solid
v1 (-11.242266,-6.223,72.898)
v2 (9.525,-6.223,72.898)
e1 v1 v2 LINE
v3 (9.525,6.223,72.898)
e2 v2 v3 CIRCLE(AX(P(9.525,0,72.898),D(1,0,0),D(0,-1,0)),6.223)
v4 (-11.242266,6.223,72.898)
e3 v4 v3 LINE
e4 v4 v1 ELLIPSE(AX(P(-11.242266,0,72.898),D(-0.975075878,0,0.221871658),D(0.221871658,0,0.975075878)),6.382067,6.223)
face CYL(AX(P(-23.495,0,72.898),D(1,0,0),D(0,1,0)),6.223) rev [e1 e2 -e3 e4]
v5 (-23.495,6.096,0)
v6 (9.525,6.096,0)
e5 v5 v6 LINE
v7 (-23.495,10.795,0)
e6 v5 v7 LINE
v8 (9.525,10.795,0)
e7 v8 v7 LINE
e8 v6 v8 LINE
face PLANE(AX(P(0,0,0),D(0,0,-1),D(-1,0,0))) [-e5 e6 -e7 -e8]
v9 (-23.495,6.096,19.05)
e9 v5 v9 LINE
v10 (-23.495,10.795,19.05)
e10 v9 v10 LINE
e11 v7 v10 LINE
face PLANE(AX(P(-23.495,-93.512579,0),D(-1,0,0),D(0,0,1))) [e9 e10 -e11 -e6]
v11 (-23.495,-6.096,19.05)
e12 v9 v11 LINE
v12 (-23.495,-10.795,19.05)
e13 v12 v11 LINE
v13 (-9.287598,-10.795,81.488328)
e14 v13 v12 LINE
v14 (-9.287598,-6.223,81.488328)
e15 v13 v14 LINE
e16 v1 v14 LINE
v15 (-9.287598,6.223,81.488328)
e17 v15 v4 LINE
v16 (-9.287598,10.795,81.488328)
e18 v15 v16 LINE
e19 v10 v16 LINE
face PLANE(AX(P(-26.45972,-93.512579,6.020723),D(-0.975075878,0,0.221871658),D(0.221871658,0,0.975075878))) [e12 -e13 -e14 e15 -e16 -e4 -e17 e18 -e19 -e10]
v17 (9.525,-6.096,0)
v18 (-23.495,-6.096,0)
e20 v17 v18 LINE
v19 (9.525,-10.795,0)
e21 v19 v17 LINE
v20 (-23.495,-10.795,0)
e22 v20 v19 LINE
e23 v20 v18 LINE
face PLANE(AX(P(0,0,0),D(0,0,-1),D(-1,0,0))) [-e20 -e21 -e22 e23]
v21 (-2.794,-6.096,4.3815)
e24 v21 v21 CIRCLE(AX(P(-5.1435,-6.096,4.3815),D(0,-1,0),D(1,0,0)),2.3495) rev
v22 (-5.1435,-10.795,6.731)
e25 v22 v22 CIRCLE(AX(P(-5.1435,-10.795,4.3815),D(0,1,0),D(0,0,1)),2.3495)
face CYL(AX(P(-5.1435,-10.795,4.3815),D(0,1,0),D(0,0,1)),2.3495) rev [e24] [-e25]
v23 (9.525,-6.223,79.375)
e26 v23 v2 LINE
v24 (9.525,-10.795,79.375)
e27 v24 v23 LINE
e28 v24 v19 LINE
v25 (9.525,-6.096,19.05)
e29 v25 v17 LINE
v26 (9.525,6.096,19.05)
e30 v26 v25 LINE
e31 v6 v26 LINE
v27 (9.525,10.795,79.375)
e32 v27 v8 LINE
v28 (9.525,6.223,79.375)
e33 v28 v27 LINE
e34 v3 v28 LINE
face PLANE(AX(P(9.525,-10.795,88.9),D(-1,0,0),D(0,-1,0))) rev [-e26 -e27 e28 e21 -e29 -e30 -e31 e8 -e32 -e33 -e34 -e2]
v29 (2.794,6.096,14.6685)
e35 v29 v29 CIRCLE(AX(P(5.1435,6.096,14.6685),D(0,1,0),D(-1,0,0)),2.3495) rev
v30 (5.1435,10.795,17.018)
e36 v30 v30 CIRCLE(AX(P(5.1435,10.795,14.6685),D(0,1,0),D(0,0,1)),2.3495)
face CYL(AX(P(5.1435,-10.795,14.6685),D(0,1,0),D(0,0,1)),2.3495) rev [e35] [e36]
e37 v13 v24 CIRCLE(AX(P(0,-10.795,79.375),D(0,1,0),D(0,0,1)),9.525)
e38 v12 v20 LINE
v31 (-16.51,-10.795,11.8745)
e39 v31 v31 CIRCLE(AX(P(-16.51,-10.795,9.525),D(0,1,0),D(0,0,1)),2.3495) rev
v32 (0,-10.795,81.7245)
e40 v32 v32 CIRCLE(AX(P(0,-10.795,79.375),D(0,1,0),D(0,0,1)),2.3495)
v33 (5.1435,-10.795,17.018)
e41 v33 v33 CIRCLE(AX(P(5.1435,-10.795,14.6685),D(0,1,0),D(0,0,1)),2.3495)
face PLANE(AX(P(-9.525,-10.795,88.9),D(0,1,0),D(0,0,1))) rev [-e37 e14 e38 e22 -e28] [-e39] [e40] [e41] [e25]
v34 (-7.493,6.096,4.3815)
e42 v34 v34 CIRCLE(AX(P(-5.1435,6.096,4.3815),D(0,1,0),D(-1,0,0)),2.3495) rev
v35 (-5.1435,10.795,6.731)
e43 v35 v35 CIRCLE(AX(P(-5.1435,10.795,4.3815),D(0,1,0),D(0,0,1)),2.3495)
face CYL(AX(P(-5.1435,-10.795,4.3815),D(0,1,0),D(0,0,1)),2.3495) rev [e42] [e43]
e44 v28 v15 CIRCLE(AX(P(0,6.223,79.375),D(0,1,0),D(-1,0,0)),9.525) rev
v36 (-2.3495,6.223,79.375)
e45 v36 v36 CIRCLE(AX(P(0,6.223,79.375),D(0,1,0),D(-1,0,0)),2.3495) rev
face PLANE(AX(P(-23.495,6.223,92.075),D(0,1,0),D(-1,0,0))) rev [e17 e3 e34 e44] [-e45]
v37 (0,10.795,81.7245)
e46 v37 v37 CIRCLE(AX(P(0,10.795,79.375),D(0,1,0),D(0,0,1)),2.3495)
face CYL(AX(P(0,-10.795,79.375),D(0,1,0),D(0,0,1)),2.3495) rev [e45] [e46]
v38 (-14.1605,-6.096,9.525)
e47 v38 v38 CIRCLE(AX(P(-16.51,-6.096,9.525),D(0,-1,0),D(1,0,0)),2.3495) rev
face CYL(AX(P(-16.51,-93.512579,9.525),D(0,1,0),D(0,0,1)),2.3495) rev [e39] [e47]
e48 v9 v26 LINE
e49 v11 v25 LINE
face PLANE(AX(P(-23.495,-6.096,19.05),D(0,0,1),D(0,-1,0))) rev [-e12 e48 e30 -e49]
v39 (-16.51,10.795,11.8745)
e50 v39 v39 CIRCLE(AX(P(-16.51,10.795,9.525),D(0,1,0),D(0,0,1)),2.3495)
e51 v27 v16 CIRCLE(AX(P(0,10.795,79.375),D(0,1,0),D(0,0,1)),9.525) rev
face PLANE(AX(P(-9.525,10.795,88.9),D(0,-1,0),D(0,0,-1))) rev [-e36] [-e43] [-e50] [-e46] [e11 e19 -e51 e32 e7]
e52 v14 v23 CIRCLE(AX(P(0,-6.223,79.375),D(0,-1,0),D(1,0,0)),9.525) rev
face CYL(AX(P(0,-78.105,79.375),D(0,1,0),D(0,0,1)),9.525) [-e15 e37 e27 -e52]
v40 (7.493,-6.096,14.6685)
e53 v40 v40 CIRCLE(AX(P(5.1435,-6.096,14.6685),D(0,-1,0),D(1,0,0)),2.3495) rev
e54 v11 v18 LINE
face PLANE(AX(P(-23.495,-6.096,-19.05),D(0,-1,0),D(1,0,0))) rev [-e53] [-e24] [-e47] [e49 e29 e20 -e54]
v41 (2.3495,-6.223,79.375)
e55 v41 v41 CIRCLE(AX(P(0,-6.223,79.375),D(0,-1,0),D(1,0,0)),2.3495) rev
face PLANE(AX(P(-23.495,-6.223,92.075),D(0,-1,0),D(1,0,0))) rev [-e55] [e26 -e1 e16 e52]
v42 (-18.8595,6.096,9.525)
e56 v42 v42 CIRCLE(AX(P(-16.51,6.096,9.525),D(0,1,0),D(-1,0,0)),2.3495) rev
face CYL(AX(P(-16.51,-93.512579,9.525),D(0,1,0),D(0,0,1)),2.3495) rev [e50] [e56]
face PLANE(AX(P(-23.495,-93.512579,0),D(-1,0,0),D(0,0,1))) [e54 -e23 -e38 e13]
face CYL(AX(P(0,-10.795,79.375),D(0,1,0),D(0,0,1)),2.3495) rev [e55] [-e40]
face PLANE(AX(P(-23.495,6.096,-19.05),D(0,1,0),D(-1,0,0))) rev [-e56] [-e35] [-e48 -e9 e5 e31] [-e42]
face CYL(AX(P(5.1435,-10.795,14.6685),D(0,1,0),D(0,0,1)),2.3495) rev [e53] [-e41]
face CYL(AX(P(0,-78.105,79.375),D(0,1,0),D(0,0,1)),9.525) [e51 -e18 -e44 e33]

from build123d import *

# Parameters (mm, degrees)
SKETCH1_W                    = 19.05
SKETCH1_H                    = 21.59
BOSS_EXTRUDE1_DEPTH          = 88.9
CUT_EXTRUDE_THIN1_DEPTH      = 92.978604713
CUT_EXTRUDE_THIN1_DEPTH_BACK = 88.9
SKETCH4_R                    = 2.3495
CUT_EXTRUDE1_DEPTH           = 92.978604713
BOSS_EXTRUDE2_START          = -21.59
SKETCH5_R                    = 2.3495
BOSS_EXTRUDE2_DEPTH          = 21.59
SKETCH6_W                    = 38.1
SKETCH6_H                    = 12.192
CUT_EXTRUDE2_DEPTH           = 96.446647008


with BuildPart() as part:
    # Sketch1 → Boss-Extrude1 (new body)
    with BuildSketch(Plane.XY):
        Rectangle(SKETCH1_W, SKETCH1_H)
    extrude(amount=BOSS_EXTRUDE1_DEPTH)

    # Sketch3 → Cut-Extrude-Thin1 (cut, two sides: drawn at the far end of the back side and taken through both)
    with BuildSketch(Plane(origin=(0, 10.795, 0), x_dir=(1, 0, 0), z_dir=(0, 1, 0)).offset(-CUT_EXTRUDE_THIN1_DEPTH_BACK)):
        with BuildLine():
            ThreePointArc((-9.525, -79.375), (0, -88.9), (9.525, -79.375))
            Line((9.525, -79.375), (34.925, -79.375))
            ThreePointArc((34.925, -79.375), (0, -114.3), (-34.925, -79.375))
            Line((-34.925, -79.375), (-9.525, -79.375))
        make_face()
    extrude(amount=CUT_EXTRUDE_THIN1_DEPTH + CUT_EXTRUDE_THIN1_DEPTH_BACK, mode=Mode.SUBTRACT)

    # Sketch4 → Cut-Extrude1 (cut, through all)
    with BuildSketch(Plane(origin=(0, 10.795, 0), x_dir=(1, 0, 0), z_dir=(0, 1, 0))):
        with Locations(Location((0, -79.375, 0), (0, 0, 270))):
            Circle(SKETCH4_R)
        with Locations(Location((5.1435, -14.6685, 0), (0, 0, 270))):
            Circle(SKETCH4_R)
        with Locations(Location((-5.1435, -4.3815, 0), (0, 0, 270))):
            Circle(SKETCH4_R)
    extrude(amount=-CUT_EXTRUDE1_DEPTH, mode=Mode.SUBTRACT)

    # Sketch5 → Boss-Extrude2 (add)
    with BuildSketch(Plane(origin=(0, 10.795, 0), x_dir=(1, 0, 0), z_dir=(0, 1, 0)).offset(BOSS_EXTRUDE2_START)):
        with BuildLine():
            Line((-9.525, -79.375), (-9.525, 0))
            Line((-9.525, 0), (-23.495, 0))
            Line((-23.495, 0), (-23.495, -19.05))
            Line((-23.495, -19.05), (-9.287597736, -81.488327539))
            ThreePointArc((-9.287597736, -81.488327539), (-9.465463365, -80.438310059), (-9.525, -79.375))
        make_face()
        with Locations(Location((-16.51, -9.525, 0), (0, 0, 270))):
            Circle(SKETCH5_R, mode=Mode.SUBTRACT)
    extrude(amount=BOSS_EXTRUDE2_DEPTH)

    # Sketch6 → Cut-Extrude2 (cut, through all)
    with BuildSketch(Plane(origin=(9.525, 0, 0), x_dir=(0, 0, -1), z_dir=(1, 0, 0))):
        Rectangle(SKETCH6_W, SKETCH6_H)
        with BuildLine():
            Line((-92.075, -6.223), (-72.898, -6.223))
            ThreePointArc((-72.898, -6.223), (-66.675, 0), (-72.898, 6.223))
            Line((-72.898, 6.223), (-92.075, 6.223))
            Line((-92.075, 6.223), (-92.075, -6.223))
        make_face()
    extrude(amount=-CUT_EXTRUDE2_DEPTH, mode=Mode.SUBTRACT)


solid = part.part
